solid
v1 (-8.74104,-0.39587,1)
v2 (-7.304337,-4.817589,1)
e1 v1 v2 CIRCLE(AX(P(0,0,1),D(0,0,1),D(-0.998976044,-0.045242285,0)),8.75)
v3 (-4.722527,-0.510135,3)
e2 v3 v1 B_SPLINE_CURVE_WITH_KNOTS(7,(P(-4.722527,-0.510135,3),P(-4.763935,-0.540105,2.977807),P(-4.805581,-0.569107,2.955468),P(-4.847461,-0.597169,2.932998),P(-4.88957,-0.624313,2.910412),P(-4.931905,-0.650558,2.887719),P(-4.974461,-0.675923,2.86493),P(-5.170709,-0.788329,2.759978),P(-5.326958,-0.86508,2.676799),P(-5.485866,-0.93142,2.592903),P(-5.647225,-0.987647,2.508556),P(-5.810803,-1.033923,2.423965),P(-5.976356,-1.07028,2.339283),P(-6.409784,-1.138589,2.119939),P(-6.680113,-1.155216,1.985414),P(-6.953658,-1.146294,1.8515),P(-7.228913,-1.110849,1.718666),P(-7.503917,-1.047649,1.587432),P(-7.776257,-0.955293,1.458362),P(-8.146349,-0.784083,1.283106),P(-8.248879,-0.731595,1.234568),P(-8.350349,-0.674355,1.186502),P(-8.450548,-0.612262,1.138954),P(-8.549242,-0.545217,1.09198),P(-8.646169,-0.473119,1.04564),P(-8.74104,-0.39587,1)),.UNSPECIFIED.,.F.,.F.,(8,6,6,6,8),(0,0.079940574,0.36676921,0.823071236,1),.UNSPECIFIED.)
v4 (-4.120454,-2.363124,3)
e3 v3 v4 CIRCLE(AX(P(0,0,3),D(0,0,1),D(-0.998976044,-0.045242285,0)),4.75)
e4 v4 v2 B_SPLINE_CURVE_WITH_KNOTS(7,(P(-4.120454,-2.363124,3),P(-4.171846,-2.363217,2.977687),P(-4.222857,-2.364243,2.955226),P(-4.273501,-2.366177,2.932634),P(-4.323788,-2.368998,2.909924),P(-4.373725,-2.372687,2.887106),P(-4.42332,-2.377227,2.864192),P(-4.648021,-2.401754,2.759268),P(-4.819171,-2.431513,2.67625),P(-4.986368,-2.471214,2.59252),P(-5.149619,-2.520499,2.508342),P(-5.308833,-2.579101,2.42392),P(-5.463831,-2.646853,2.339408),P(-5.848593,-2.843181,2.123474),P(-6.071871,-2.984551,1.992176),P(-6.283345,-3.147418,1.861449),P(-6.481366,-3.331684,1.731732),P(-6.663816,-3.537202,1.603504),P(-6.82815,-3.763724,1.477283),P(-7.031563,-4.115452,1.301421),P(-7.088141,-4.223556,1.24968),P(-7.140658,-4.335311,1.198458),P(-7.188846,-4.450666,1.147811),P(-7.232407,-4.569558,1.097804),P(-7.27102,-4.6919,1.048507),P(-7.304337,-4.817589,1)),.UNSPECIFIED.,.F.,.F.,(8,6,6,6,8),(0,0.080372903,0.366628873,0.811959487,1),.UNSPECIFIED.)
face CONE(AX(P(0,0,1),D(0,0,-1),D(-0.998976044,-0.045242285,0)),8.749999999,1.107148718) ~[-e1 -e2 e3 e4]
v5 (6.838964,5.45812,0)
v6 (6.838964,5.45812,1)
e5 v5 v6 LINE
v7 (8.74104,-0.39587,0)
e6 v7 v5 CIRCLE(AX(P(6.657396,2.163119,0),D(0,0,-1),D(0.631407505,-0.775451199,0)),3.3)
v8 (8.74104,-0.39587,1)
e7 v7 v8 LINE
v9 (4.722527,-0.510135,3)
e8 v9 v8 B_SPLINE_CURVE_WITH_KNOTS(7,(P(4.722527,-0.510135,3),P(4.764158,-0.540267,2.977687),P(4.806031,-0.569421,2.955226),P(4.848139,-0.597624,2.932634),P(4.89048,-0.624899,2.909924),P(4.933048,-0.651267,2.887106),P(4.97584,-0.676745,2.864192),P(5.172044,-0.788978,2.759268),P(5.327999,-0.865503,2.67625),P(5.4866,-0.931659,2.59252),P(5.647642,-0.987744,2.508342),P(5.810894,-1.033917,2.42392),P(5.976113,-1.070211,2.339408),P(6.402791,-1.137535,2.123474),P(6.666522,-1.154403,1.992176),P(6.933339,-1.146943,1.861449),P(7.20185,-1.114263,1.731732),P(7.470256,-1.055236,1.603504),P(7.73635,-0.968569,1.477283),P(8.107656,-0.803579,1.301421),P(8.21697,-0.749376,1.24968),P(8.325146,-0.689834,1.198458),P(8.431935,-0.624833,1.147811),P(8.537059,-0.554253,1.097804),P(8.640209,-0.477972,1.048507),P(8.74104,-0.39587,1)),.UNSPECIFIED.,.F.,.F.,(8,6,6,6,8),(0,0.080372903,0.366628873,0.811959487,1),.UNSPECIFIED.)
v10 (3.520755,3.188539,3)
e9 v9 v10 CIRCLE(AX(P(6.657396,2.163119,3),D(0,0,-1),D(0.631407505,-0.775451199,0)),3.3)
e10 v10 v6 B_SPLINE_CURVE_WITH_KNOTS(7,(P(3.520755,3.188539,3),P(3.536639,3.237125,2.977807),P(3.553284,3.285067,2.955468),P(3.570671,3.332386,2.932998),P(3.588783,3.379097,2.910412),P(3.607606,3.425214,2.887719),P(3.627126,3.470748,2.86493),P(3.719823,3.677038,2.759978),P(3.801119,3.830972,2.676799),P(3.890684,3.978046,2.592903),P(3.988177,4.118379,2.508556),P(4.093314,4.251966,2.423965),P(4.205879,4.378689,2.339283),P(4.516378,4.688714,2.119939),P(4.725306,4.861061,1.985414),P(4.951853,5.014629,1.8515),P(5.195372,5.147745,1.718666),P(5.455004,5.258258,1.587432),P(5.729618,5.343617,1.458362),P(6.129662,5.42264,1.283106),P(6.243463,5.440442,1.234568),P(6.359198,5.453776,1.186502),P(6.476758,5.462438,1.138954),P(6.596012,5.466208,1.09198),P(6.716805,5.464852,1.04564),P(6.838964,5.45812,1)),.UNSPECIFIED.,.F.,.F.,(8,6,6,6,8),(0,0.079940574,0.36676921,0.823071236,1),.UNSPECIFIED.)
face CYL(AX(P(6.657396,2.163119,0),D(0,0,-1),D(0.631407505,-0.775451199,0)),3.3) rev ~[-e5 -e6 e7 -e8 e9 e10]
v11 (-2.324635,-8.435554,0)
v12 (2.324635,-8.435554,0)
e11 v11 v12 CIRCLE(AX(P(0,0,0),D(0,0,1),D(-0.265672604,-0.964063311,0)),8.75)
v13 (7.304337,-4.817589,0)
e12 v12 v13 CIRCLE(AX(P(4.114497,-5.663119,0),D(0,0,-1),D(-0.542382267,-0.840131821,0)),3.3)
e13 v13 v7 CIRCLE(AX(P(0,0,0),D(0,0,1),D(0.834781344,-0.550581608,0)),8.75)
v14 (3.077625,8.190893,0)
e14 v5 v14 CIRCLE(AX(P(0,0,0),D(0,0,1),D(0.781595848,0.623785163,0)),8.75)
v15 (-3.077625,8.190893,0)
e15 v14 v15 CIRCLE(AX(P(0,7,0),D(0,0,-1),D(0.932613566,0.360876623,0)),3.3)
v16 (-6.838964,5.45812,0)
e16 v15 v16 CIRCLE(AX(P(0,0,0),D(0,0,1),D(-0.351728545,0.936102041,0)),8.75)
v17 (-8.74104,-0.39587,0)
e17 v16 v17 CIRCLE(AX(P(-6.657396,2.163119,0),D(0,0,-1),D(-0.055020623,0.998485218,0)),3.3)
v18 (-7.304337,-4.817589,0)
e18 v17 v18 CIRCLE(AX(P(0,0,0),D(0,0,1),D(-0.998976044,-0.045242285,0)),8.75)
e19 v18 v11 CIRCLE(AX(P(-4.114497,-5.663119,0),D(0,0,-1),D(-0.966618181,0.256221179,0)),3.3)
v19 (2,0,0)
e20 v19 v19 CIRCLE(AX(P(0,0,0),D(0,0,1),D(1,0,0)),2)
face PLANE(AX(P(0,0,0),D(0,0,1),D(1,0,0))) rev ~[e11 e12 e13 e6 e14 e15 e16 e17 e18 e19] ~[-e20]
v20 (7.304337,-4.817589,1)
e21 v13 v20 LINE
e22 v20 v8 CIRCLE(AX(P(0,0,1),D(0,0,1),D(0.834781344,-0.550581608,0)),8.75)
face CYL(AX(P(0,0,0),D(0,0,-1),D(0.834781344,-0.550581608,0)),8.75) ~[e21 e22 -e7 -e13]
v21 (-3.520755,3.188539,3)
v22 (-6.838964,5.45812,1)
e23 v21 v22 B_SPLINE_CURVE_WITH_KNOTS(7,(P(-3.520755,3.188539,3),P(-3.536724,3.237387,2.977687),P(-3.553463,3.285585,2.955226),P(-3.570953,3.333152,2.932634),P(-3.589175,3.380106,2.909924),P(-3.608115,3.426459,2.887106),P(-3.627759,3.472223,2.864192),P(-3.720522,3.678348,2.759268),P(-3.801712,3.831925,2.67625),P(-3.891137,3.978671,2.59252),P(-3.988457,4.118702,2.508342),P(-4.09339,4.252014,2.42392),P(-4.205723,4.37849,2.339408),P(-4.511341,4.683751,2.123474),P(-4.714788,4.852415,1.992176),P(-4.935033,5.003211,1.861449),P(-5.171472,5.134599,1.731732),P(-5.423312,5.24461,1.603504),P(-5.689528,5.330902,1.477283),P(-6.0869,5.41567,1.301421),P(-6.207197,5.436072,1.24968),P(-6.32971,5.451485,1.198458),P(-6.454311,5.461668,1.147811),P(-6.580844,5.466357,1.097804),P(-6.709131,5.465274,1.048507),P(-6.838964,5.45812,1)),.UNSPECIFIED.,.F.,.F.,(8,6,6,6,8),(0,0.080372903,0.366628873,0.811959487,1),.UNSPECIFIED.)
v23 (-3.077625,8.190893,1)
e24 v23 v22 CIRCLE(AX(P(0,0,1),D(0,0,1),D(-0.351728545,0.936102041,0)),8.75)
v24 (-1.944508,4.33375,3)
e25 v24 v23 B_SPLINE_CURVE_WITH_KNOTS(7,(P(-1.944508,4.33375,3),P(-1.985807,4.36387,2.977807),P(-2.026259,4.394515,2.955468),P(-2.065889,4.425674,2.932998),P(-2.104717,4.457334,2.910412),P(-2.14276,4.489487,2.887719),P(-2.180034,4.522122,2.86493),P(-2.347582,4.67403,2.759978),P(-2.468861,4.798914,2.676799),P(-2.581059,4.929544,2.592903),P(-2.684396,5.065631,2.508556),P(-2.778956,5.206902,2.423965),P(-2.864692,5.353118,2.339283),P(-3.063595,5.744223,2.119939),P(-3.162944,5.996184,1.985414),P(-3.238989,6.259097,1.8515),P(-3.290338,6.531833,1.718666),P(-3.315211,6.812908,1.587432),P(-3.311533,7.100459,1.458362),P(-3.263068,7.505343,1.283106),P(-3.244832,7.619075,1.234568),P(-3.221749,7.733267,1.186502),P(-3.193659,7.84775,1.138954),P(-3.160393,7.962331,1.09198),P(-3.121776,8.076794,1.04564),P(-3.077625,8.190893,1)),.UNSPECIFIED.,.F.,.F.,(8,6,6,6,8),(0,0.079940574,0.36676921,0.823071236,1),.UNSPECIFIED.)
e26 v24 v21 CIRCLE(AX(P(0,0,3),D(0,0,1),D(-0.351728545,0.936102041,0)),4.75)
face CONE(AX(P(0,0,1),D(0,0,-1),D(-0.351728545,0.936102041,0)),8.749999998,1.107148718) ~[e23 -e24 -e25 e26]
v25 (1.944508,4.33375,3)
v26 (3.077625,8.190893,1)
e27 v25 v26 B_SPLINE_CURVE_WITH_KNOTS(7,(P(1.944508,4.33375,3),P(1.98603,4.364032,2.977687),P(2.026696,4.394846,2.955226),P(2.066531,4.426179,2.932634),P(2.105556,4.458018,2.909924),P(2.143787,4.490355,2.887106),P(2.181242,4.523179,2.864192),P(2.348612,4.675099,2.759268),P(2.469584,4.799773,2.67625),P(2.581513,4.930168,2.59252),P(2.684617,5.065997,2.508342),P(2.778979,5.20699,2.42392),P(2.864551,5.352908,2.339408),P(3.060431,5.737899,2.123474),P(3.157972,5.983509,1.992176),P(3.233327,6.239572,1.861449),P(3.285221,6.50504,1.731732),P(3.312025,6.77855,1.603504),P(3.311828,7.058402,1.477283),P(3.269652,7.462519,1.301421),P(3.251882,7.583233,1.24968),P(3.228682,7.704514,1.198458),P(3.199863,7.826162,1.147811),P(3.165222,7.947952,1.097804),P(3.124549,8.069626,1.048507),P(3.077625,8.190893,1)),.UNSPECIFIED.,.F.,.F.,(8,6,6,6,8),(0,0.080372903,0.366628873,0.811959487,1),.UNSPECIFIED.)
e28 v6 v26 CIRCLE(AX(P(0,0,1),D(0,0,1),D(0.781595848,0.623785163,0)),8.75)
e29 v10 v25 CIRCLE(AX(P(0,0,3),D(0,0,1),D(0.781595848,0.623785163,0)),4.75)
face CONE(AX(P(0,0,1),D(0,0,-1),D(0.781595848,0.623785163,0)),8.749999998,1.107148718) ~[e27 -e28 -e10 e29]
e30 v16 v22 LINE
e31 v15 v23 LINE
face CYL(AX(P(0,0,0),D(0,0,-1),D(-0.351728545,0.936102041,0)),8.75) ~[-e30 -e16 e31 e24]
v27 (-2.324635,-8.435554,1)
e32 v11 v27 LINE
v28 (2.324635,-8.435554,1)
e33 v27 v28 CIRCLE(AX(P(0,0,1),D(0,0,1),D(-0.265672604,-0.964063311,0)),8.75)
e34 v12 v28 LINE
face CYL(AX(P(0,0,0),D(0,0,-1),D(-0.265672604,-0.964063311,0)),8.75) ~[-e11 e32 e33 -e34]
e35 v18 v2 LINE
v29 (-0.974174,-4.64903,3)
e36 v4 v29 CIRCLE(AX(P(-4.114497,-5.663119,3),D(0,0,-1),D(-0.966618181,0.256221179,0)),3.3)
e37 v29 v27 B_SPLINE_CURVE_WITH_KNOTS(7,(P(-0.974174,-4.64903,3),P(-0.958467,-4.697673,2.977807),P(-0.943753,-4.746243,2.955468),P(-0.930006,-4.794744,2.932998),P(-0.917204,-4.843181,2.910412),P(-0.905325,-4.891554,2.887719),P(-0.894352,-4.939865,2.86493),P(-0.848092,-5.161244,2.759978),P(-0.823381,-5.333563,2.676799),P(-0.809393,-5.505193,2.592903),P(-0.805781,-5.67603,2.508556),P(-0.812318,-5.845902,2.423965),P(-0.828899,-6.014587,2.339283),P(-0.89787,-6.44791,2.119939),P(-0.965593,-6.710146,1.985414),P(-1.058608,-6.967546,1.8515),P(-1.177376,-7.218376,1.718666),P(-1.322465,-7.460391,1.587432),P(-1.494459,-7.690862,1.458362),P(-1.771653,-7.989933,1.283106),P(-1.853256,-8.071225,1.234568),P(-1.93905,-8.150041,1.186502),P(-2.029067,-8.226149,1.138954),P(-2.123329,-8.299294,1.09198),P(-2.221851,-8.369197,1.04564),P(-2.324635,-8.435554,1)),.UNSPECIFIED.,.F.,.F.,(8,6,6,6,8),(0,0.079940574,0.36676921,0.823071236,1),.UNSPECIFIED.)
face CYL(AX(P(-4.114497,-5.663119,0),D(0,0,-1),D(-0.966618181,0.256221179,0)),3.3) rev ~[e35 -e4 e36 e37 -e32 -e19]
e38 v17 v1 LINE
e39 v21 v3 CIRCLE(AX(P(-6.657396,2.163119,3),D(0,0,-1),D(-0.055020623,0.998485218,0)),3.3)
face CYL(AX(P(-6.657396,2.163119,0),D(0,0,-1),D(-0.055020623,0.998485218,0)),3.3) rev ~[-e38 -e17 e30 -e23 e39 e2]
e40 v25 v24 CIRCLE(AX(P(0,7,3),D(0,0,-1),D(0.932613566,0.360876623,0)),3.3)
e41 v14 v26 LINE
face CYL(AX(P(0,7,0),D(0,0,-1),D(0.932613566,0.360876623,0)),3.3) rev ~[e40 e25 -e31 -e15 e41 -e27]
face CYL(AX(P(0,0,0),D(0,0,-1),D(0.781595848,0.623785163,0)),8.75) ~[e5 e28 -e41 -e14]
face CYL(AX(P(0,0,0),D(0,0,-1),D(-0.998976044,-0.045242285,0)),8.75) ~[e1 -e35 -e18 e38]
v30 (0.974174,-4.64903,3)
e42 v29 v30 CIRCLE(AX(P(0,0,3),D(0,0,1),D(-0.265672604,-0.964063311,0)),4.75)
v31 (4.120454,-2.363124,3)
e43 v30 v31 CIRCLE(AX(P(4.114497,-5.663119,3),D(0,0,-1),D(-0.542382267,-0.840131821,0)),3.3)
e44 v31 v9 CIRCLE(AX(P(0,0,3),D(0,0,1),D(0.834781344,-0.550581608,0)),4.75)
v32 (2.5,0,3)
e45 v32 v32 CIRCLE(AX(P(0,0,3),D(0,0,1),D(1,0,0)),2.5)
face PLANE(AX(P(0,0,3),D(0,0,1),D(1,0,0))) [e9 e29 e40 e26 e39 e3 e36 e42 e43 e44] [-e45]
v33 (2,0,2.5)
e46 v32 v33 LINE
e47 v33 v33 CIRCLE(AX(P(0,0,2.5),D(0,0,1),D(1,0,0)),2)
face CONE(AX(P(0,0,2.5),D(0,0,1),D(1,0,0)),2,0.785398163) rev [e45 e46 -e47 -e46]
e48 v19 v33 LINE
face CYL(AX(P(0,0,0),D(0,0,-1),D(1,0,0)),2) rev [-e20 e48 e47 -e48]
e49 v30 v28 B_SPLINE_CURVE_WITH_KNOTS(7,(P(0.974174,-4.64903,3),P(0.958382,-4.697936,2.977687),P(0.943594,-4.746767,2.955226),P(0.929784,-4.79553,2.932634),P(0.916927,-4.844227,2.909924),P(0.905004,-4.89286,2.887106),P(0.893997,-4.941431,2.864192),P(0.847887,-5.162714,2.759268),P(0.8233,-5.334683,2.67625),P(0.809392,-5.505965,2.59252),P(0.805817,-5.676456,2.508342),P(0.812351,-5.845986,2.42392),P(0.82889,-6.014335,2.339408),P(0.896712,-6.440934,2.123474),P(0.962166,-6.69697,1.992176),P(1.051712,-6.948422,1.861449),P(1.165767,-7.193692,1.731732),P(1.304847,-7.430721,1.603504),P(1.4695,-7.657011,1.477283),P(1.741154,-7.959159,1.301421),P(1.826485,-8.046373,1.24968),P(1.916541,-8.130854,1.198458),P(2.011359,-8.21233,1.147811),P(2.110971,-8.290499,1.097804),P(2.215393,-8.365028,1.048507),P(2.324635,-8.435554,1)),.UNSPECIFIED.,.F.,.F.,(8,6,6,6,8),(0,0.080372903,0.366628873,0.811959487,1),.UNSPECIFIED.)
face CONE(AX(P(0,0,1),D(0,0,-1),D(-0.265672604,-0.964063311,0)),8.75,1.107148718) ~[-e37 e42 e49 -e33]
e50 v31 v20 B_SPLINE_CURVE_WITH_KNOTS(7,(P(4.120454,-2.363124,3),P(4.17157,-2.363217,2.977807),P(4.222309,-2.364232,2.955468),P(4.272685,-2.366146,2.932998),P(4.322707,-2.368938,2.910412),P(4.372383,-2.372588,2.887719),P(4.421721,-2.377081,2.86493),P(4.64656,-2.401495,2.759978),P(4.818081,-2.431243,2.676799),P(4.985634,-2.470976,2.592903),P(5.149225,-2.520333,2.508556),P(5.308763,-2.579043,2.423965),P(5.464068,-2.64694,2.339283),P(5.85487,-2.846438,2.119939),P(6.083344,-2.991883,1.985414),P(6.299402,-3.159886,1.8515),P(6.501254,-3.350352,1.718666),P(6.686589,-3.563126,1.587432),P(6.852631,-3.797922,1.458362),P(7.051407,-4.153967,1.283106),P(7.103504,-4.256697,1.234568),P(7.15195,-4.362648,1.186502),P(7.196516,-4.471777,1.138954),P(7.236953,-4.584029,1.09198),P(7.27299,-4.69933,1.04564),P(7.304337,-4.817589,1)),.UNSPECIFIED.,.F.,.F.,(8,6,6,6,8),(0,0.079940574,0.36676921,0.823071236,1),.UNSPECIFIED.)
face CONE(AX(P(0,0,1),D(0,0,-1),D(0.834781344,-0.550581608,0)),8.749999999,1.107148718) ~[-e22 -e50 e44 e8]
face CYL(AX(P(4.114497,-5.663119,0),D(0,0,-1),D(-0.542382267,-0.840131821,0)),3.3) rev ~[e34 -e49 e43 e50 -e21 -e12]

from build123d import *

# Parameters (mm, degrees)
F0_R     = 2
F1_DEPTH = 3
F2_SIZE2 = 2
F2_SIZE  = 4
F3_SIZE  = 0.5


with BuildPart() as f1:
    # F0 (on Top) → F1 (new body)
    with BuildSketch(Plane.XY):
        with BuildLine():
            ThreePointArc((-6.8389636709, 5.4581201808), (-3.5189091103, 1.1433628792), (-8.7410403812, -0.3958699968))
            ThreePointArc((-8.7410403812, -0.3958699968), (-8.3217445176, -2.7038987008), (-7.3043367629, -4.8175890707))
            ThreePointArc((-7.3043367629, -4.8175890707), (-2.1748054335, -2.9933628792), (-2.3246352862, -8.4355539703))
            ThreePointArc((-2.3246352862, -8.4355539703), (0, -8.75), (2.3246352862, -8.4355539703))
            ThreePointArc((2.3246352862, -8.4355539703), (2.1748054335, -2.9933628792), (7.3043367629, -4.8175890707))
            ThreePointArc((7.3043367629, -4.8175890707), (8.3217445176, -2.7038987008), (8.7410403812, -0.3958699968))
            ThreePointArc((8.7410403812, -0.3958699968), (3.5189091103, 1.1433628792), (6.8389636709, 5.4581201808))
            ThreePointArc((6.8389636709, 5.4581201808), (5.1431209576, 7.0788987008), (3.0776247664, 8.1908928571))
            ThreePointArc((3.0776247664, 8.1908928571), (0, 3.7), (-3.0776247664, 8.1908928571))
            ThreePointArc((-3.0776247664, 8.1908928571), (-5.1431209576, 7.0788987008), (-6.8389636709, 5.4581201808))
        make_face()
        Circle(F0_R, mode=Mode.SUBTRACT)
    extrude(amount=F1_DEPTH)

    # F2
    f2_edges = [f1.edges().sort_by_distance(p)[0] for p in [
        (-8.321745, -2.703899, 3),
        (0, -8.75, 3),
        (8.321745, -2.703899, 3),
        (5.143121, 7.078899, 3),
        (-5.143121, 7.078899, 3),
    ]]
    f2_side = f1.faces().sort_by_distance((0, 3.456563, 3))[0]
    chamfer(f2_edges, length=F2_SIZE, length2=F2_SIZE2, reference=f2_side)

    # F3
    f3_edges = [f1.edges().sort_by_distance(p)[0] for p in [
        (-2, 0, 3),
    ]]
    chamfer(f3_edges, length=F3_SIZE)


solid = f1.part
